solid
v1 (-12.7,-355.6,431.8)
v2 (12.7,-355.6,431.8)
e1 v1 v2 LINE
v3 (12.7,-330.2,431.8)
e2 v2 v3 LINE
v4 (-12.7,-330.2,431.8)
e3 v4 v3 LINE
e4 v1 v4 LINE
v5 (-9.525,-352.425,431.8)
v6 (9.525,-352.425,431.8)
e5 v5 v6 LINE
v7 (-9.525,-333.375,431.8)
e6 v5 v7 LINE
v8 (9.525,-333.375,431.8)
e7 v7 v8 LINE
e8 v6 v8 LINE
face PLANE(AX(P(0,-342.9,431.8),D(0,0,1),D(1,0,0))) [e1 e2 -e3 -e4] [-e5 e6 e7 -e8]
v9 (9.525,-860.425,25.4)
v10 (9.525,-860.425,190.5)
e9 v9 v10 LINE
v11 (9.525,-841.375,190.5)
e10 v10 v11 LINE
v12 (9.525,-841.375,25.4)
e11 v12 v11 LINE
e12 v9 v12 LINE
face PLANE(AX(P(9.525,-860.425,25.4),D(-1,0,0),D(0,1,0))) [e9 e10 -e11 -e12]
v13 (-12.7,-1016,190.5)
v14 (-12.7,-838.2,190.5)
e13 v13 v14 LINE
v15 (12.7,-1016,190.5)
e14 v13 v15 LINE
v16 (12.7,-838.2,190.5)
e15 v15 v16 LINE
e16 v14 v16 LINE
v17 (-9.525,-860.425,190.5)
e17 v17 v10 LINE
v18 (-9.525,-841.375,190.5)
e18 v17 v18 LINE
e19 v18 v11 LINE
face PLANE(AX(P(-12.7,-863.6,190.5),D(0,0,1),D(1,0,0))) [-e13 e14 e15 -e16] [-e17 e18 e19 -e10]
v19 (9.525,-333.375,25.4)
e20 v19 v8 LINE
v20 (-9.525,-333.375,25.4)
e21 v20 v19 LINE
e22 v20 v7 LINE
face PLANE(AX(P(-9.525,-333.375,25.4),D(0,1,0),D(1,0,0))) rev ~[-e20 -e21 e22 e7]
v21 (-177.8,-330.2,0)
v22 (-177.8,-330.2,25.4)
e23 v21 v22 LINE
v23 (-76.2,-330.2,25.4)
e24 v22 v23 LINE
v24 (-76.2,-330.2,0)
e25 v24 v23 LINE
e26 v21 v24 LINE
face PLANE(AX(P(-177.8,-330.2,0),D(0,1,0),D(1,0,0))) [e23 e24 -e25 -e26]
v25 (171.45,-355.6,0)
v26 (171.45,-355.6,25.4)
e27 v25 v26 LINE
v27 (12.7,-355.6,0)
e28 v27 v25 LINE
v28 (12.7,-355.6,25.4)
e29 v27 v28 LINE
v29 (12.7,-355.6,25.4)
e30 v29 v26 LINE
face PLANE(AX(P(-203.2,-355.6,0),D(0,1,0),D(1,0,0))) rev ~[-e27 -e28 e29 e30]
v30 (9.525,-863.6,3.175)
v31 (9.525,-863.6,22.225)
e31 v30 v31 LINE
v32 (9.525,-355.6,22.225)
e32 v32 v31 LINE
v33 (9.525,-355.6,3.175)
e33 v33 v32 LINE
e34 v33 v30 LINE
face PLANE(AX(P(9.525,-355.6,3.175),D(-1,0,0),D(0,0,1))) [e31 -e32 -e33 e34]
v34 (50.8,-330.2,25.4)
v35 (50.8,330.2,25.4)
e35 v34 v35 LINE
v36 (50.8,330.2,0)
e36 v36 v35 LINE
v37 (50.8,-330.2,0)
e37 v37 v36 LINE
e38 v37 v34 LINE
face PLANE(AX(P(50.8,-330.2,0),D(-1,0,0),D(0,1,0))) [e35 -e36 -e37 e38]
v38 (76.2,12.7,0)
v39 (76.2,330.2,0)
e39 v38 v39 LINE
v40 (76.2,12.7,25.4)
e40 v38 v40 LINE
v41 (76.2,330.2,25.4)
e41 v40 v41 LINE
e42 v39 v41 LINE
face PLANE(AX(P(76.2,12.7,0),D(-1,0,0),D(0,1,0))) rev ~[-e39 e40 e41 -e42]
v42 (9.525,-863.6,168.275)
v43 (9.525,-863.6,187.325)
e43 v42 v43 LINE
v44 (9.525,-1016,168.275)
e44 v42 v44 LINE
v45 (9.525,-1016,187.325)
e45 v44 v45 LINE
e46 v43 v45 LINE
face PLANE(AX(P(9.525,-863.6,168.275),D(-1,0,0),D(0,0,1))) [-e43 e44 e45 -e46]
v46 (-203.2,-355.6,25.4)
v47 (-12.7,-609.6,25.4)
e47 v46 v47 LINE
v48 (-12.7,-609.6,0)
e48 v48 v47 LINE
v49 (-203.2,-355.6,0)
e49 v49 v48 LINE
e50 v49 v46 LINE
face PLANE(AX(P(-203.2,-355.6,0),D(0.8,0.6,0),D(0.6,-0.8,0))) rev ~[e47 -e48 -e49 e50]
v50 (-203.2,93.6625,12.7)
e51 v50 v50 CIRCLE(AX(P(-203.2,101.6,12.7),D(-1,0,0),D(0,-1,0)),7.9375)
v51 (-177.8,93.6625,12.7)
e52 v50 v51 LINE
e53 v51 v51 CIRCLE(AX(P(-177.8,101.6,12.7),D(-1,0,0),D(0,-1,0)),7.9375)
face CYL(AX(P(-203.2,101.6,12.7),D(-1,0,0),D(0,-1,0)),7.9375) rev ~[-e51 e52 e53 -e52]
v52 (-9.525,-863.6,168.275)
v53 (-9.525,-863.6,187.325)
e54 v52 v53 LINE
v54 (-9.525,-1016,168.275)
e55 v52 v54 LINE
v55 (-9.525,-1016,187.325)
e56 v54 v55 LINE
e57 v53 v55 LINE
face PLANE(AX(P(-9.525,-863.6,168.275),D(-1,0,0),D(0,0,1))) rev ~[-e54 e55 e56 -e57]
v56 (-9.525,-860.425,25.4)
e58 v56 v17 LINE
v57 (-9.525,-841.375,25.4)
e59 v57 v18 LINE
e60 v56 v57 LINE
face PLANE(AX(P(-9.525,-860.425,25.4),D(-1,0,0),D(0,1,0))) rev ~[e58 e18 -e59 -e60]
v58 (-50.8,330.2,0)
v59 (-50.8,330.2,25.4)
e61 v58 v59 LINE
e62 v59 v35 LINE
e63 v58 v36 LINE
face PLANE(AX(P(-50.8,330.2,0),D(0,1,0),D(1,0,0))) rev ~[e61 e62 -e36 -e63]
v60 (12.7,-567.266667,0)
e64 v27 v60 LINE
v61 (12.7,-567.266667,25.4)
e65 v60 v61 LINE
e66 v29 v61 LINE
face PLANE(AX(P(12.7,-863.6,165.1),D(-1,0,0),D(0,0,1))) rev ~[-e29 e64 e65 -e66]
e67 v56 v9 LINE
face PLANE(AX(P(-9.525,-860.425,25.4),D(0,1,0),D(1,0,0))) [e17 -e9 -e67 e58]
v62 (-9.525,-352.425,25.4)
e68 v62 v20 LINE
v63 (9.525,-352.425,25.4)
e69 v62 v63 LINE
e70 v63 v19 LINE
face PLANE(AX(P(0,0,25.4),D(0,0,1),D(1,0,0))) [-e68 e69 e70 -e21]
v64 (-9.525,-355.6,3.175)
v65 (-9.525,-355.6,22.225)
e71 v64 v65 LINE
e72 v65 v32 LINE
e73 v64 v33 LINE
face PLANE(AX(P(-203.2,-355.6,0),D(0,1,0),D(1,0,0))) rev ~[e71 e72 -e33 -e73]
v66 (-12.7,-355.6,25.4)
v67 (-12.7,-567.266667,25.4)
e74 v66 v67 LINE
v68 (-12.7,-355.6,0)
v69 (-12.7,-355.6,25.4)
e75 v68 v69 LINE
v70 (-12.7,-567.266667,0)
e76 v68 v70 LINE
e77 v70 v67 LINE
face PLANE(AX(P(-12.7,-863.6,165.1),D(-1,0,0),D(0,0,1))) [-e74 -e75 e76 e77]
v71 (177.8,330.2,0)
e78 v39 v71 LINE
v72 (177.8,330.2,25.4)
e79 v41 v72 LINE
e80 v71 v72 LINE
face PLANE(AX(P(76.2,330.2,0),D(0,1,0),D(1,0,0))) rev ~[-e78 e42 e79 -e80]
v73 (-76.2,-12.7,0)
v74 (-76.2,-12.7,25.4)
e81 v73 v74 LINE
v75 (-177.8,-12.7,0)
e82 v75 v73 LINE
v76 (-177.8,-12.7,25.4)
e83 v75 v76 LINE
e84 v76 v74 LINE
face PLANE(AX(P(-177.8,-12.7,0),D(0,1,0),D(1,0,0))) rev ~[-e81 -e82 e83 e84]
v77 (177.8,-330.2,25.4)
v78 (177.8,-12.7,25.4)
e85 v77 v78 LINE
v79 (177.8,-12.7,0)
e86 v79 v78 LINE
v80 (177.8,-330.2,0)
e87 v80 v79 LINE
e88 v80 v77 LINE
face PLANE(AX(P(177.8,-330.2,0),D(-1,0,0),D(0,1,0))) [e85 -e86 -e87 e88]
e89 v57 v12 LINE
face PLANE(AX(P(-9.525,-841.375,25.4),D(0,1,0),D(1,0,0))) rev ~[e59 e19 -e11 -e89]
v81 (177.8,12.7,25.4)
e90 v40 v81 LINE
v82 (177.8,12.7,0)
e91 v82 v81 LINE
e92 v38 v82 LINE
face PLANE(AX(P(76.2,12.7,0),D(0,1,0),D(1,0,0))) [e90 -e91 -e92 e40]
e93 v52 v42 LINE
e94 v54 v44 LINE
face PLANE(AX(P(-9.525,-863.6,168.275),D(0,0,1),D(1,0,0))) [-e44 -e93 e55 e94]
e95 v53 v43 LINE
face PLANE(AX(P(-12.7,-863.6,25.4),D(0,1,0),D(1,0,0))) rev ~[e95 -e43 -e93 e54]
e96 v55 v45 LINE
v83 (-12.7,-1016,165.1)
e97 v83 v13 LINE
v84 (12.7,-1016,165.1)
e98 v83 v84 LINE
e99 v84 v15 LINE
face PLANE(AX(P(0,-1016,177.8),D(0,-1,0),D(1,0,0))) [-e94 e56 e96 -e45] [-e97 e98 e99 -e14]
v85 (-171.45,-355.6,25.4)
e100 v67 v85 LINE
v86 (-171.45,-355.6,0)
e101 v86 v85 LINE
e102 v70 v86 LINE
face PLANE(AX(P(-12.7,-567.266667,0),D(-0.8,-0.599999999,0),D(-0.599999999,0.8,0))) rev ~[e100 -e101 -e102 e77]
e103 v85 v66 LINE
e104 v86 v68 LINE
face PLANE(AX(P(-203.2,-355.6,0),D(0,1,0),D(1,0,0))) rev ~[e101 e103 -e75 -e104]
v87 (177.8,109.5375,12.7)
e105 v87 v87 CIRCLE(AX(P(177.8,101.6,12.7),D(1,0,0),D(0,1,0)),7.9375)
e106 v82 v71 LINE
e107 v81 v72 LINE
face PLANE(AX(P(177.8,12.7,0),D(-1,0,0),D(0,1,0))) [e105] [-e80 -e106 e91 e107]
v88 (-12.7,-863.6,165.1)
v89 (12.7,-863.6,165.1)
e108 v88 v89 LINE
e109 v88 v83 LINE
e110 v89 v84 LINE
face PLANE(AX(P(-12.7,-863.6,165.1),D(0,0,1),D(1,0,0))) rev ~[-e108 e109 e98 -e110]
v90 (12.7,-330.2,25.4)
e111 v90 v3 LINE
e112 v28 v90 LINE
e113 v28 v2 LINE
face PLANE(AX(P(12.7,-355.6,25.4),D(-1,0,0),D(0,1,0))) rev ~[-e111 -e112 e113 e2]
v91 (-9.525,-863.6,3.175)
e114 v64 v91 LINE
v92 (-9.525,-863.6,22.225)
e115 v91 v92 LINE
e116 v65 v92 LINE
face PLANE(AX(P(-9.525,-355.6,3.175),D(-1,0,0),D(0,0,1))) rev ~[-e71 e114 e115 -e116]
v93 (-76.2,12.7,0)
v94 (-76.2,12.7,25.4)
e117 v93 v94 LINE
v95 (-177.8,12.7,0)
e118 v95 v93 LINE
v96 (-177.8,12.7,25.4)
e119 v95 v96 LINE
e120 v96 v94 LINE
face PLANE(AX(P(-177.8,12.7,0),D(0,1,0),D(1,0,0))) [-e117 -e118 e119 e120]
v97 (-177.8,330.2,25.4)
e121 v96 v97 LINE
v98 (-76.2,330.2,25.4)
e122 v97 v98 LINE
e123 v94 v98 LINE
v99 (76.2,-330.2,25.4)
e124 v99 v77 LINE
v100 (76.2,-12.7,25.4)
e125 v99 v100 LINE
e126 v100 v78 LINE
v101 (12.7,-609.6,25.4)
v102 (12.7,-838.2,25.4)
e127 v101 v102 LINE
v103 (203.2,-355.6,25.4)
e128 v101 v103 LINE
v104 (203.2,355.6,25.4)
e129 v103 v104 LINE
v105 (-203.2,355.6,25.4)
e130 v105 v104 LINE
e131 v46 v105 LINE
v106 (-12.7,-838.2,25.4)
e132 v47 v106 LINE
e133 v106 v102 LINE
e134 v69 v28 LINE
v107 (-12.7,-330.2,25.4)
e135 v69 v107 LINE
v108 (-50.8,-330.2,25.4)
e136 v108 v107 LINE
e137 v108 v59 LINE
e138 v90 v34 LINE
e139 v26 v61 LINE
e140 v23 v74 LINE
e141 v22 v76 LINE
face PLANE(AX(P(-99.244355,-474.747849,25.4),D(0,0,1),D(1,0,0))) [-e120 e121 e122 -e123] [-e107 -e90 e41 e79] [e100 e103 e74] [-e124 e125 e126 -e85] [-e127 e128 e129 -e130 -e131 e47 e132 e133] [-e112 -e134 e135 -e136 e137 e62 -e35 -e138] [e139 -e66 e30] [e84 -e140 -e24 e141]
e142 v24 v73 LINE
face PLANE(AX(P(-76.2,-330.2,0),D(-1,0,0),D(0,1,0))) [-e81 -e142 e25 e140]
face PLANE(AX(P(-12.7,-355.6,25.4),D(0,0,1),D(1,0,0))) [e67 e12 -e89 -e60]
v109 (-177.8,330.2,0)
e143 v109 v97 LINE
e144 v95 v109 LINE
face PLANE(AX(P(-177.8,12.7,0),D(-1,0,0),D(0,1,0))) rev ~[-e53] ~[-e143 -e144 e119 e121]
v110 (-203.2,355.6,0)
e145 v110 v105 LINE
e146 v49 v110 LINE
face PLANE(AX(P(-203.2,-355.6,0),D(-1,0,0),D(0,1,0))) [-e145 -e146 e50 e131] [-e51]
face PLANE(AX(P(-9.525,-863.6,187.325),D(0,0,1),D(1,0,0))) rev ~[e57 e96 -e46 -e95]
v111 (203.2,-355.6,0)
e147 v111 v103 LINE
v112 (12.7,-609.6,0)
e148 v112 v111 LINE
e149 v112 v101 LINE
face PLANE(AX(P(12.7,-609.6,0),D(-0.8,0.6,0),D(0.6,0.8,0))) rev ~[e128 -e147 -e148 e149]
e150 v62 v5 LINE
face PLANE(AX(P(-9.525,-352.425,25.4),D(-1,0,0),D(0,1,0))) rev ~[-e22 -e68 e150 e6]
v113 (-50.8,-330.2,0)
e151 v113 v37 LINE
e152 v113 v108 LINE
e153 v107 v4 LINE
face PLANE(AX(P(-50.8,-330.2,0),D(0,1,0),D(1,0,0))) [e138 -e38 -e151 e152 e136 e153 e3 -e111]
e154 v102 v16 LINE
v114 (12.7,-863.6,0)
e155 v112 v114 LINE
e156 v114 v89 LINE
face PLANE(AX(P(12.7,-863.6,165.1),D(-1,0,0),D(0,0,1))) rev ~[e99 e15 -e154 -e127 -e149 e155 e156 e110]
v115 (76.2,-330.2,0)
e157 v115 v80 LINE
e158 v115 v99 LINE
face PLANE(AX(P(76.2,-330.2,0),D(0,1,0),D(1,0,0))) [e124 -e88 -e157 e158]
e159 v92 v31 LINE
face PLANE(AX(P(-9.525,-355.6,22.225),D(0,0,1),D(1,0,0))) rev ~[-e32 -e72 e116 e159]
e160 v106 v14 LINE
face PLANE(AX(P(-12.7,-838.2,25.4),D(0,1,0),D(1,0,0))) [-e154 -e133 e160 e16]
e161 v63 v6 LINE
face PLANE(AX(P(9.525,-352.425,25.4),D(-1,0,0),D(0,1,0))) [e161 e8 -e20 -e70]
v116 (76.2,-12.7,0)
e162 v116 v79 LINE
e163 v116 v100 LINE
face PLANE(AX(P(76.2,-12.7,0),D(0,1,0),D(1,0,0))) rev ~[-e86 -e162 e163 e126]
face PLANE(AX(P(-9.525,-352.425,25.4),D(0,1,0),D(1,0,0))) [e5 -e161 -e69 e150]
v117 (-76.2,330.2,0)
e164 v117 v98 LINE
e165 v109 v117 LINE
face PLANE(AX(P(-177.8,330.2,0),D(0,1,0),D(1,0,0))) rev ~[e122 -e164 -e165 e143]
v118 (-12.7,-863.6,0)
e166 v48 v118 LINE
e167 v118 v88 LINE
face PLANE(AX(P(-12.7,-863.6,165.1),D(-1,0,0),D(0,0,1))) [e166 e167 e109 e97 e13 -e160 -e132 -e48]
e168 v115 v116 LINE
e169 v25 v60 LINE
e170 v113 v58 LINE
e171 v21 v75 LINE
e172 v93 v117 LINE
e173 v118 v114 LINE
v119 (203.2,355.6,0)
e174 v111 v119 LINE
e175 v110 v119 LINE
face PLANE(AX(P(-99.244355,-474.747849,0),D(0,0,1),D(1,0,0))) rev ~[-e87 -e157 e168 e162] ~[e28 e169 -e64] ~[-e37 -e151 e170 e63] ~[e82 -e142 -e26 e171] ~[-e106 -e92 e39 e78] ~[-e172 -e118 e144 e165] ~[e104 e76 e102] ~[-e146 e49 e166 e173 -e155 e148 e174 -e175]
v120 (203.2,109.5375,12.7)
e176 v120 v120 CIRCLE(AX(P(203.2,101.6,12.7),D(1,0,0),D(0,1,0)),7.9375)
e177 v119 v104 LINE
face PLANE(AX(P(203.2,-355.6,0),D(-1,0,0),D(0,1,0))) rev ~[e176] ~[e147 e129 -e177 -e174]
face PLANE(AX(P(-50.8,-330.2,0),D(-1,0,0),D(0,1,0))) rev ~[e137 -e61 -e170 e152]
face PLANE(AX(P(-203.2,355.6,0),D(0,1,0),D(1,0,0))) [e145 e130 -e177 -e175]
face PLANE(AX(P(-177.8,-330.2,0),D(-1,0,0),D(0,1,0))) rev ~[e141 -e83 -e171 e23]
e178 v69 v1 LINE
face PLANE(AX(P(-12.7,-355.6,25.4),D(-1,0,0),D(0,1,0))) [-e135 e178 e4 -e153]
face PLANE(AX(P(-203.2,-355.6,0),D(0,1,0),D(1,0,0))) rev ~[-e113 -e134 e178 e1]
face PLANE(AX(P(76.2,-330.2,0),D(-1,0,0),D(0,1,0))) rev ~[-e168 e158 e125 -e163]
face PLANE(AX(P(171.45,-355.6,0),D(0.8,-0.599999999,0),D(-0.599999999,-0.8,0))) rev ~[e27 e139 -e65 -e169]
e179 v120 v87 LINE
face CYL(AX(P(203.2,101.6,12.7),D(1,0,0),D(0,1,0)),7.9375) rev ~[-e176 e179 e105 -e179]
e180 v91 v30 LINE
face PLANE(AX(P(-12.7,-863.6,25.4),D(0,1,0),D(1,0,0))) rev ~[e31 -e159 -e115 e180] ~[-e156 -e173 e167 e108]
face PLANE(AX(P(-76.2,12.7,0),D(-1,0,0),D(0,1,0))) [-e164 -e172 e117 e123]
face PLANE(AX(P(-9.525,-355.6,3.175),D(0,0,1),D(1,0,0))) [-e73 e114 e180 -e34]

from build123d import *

# Parameters (mm, degrees)
F0_W      = 406.4
F0_H      = 711.2
F0_W_2    = 101.6
F0_H_2    = 317.5
F0_H_3    = 660.4
F1_DEPTH  = 25.4
F2_W      = 25.4
F2_H      = 25.4
F2_W_2    = 19.05
F2_H_2    = 19.05
F3_DEPTH  = 406.4
F4_R      = 7.9375
F5_DEPTH  = 25.4
F6_R      = 7.9375
F7_DEPTH  = 25.4
F8_W      = 25.4
F8_H      = 25.4
F8_W_2    = 19.05
F8_H_2    = 19.05
F9_DEPTH  = 508
F10_W     = 25.4
F10_H     = 25.4
F10_W_2   = 19.05
F10_H_2   = 19.05
F11_DEPTH = 165.1
F12_W     = 25.4
F12_H     = 25.4
F12_W_2   = 19.05
F12_H_2   = 19.05
F13_DEPTH = 152.4
F15_DEPTH = 25.4


with BuildPart() as f1:
    # F0 (on Top) → F1 (new body)
    with BuildSketch(Plane.XY):
        Rectangle(F0_W, F0_H)
        with Locations((-127, -171.45)):
            Rectangle(F0_W_2, F0_H_2, mode=Mode.SUBTRACT)
        with Locations((127, -171.45)):
            Rectangle(F0_W_2, F0_H_2, mode=Mode.SUBTRACT)
        with Locations((-127, 171.45)):
            Rectangle(F0_W_2, F0_H_2, mode=Mode.SUBTRACT)
        Rectangle(F0_W_2, F0_H_3, mode=Mode.SUBTRACT)
        with Locations((127, 171.45)):
            Rectangle(F0_W_2, F0_H_2, mode=Mode.SUBTRACT)
    extrude(amount=F1_DEPTH)

    # F2 (on face) → F3 (join)
    with BuildSketch(Plane.XY.offset(25.4)):
        with Locations((0, -342.9)):
            Rectangle(F2_W, F2_H)
        with Locations((0, -342.9)):
            Rectangle(F2_W_2, F2_H_2, mode=Mode.SUBTRACT)
    extrude(amount=F3_DEPTH)

    # F4 (on face) → F5 (cut)
    with BuildSketch(Plane.YZ.offset(203.2)):
        with Locations((101.6, 12.7)):
            Circle(F4_R)
    extrude(amount=-F5_DEPTH, mode=Mode.SUBTRACT)

    # F6 (on face) → F7 (cut)
    with BuildSketch(Plane(origin=(-203.2, 0, 0), x_dir=(0, -1, 0), z_dir=(-1, 0, 0))):
        with Locations((-101.6, 12.7)):
            Circle(F6_R)
    extrude(amount=-F7_DEPTH, mode=Mode.SUBTRACT)

    # F8 (on face) → F9 (join)
    with BuildSketch(Plane.XZ.offset(355.6)):
        with Locations((0, 12.7)):
            Rectangle(F8_W, F8_H)
        with Locations((0, 12.7)):
            Rectangle(F8_W_2, F8_H_2, mode=Mode.SUBTRACT)
    extrude(amount=F9_DEPTH)

    # F10 (on face) → F11 (join)
    with BuildSketch(Plane.XY.offset(25.4)):
        with Locations((0, -850.9)):
            Rectangle(F10_W, F10_H)
        with Locations((0, -850.9)):
            Rectangle(F10_W_2, F10_H_2, mode=Mode.SUBTRACT)
    extrude(amount=F11_DEPTH)

    # F12 (on face) → F13 (join)
    with BuildSketch(Plane.XZ.offset(863.6)):
        with Locations((0, 177.8)):
            Rectangle(F12_W, F12_H)
        with Locations((0, 177.8)):
            Rectangle(F12_W_2, F12_H_2, mode=Mode.SUBTRACT)
    extrude(amount=F13_DEPTH)

    # F14 (on Top) → F15 (join)
    with BuildSketch(Plane.XY):
        Polygon((-171.45, -355.6), (-203.2, -355.6), (-12.7, -609.6), (-12.7, -567.266667), align=None)
        Polygon((12.7, -609.6), (203.2, -355.6), (171.45, -355.6), (12.7, -567.266667), align=None)
    extrude(amount=F15_DEPTH)


solid = f1.part
